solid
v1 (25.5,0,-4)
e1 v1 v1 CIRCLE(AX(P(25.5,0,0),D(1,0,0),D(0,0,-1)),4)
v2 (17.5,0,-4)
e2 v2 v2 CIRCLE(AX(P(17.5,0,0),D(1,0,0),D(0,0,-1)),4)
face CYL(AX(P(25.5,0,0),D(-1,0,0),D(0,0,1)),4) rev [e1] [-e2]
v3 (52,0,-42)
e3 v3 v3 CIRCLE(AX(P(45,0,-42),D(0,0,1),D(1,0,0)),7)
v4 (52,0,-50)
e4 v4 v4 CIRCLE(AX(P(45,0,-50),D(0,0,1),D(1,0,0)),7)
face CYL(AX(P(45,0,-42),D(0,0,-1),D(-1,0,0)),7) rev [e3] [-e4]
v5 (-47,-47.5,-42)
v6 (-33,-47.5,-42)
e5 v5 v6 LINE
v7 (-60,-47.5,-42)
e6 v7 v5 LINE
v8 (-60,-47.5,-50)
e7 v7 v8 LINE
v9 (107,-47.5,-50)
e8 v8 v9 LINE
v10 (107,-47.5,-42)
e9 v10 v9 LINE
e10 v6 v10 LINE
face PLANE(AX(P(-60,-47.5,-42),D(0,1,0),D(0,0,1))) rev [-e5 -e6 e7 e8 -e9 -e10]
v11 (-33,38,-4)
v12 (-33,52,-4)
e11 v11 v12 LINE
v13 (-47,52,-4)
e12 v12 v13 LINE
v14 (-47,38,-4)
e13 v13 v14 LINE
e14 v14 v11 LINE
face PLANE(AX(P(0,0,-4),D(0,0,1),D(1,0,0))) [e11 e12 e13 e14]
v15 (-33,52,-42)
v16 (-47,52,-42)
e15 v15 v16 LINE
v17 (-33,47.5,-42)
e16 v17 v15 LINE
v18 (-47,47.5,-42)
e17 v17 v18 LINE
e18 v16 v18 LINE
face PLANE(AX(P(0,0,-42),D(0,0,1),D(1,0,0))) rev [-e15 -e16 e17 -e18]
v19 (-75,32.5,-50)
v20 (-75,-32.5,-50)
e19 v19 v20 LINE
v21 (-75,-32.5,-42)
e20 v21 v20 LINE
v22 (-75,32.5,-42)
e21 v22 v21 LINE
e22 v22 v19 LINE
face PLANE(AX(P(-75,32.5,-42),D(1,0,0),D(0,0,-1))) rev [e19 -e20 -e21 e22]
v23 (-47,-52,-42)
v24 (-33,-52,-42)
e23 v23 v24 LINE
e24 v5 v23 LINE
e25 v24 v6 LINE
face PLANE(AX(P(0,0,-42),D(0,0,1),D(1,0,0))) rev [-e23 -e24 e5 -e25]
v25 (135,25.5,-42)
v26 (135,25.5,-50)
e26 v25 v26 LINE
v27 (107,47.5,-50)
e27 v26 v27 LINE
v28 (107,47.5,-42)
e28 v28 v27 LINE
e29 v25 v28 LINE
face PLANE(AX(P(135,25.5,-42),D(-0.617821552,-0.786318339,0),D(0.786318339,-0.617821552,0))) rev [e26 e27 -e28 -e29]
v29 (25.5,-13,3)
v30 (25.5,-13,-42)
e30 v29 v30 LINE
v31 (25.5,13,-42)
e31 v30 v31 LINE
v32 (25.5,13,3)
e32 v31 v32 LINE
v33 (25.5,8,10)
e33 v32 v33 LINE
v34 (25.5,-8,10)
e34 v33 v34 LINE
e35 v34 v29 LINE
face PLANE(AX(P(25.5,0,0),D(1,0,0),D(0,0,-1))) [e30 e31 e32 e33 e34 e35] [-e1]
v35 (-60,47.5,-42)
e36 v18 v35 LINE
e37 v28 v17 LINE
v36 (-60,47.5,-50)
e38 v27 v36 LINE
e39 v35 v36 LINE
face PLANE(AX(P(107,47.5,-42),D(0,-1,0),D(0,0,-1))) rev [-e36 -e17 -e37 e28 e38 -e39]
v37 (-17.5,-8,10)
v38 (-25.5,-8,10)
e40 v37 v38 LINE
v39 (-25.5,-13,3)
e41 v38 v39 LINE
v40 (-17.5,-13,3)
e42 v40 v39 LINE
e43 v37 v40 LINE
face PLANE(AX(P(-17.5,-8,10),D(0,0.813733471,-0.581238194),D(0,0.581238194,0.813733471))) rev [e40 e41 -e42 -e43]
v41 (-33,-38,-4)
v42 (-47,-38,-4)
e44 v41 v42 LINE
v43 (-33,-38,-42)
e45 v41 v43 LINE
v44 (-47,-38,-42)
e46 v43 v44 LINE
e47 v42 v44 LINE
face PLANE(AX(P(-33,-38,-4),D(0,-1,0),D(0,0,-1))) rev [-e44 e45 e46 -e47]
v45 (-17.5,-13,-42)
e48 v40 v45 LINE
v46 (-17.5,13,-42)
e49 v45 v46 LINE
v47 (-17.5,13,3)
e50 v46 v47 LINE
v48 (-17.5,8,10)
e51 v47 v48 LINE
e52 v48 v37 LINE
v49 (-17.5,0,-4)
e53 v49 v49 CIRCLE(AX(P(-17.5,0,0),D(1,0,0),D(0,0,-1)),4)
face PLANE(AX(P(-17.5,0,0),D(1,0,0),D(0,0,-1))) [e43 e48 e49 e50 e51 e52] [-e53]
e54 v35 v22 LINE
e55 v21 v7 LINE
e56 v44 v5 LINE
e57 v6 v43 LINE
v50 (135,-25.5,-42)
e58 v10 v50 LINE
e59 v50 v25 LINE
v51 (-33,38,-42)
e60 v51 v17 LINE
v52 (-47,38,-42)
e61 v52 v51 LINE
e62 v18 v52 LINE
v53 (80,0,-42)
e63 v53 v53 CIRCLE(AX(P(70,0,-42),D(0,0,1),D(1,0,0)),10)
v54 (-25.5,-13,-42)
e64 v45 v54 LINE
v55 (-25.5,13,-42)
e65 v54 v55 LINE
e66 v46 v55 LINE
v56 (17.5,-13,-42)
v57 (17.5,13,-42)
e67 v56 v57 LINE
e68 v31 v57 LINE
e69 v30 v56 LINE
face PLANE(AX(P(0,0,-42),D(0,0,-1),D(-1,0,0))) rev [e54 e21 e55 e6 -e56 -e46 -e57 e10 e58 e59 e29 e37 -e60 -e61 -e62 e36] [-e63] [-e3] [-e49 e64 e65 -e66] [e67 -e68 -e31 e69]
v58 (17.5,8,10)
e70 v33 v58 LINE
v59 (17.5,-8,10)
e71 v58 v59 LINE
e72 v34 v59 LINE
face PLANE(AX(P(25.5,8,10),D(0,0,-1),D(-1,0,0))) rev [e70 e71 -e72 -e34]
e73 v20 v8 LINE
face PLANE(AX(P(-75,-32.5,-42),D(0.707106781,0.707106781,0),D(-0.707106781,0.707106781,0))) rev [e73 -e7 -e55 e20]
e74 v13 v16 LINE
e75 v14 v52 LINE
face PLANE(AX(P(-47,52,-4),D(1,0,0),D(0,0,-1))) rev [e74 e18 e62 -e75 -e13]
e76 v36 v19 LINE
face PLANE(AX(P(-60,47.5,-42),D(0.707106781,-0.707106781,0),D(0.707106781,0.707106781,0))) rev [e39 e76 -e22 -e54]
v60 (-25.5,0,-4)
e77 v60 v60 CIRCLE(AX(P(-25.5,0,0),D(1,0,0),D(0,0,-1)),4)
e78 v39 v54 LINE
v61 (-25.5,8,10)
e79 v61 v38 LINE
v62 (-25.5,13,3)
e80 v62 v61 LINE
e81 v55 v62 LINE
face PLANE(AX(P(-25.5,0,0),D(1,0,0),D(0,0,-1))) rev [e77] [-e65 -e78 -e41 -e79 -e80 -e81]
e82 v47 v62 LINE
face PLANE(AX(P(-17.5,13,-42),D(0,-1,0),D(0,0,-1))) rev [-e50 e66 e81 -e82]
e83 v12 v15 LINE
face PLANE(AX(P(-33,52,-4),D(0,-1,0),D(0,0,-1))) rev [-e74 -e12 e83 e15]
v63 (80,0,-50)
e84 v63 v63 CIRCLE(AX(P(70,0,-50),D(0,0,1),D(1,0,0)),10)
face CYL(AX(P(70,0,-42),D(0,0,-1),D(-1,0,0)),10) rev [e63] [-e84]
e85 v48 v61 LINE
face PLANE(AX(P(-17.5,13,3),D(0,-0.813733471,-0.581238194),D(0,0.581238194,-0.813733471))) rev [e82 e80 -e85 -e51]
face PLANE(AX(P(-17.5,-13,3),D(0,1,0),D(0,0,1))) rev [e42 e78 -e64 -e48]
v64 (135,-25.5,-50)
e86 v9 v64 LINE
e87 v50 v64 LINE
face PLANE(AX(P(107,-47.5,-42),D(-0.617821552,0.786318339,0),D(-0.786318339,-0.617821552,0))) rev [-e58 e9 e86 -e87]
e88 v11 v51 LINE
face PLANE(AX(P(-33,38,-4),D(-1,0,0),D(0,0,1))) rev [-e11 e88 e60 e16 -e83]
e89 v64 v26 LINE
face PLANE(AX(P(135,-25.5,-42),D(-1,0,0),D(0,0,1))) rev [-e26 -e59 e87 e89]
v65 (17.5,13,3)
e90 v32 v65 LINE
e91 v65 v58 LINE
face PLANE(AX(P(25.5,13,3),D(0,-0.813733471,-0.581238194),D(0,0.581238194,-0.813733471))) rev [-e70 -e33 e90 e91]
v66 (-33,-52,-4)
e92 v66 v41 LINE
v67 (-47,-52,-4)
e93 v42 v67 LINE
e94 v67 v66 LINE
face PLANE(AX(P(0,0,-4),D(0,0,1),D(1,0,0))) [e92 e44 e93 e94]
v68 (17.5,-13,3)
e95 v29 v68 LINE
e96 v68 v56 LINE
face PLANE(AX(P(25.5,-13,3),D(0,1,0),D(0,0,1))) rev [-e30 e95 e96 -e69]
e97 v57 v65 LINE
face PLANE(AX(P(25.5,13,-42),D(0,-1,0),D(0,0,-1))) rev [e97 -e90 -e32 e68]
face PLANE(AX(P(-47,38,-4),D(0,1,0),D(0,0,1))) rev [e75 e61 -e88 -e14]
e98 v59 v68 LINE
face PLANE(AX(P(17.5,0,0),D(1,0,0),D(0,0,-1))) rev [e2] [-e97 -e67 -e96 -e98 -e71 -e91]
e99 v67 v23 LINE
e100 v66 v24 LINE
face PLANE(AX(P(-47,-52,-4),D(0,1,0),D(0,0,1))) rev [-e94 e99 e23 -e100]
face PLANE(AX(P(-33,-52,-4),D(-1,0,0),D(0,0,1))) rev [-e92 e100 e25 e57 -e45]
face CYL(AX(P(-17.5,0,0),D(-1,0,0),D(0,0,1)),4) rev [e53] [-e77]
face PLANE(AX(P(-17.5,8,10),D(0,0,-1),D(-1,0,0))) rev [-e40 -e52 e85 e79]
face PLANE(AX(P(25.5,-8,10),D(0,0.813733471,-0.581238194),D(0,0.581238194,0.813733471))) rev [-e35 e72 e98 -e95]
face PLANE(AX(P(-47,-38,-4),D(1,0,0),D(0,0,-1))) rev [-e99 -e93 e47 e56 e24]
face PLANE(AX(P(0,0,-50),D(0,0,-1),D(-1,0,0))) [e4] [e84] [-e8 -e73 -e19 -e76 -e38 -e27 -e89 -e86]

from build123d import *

# Parameters (mm, degrees)
SK_SOLE_PLATE_R    = 10
SK_SOLE_PLATE_R_2  = 7
SOLE_PLATE_DEPTH   = 8
SK_CLEVIS_FRONT_R  = 4
CLEVIS_FRONT_DEPTH = 8
SK_CLEVIS_BACK_R   = 4
CLEVIS_BACK_DEPTH  = 8
SK_POST_LAT_W      = 14
SK_POST_LAT_H      = 14
POST_LAT_DEPTH     = 38
SK_POST_MED_W      = 14
SK_POST_MED_H      = 14
POST_MED_DEPTH     = 38


with BuildPart() as part:
    # SK_Sole_Plate → Sole_Plate (new body)
    with BuildSketch(Plane.XY.offset(-50)):
        Polygon((-60, -47.5), (107, -47.5), (135, -25.5), (135, 25.5), (107, 47.5), (-60, 47.5), (-75, 32.5), (-75, -32.5), align=None)
        with Locations((70, 0)):
            Circle(SK_SOLE_PLATE_R, mode=Mode.SUBTRACT)
        with Locations((45, 0)):
            Circle(SK_SOLE_PLATE_R_2, mode=Mode.SUBTRACT)
    extrude(amount=SOLE_PLATE_DEPTH)

    # SK_Clevis_Front → Clevis_Front (add)
    with BuildSketch(Plane(origin=(17.5, 0, 0), x_dir=(0, 0, -1), z_dir=(1, 0, 0))):
        Polygon((42, -13), (42, 13), (-3, 13), (-10, 8), (-10, -8), (-3, -13), align=None)
        Circle(SK_CLEVIS_FRONT_R, mode=Mode.SUBTRACT)
    extrude(amount=CLEVIS_FRONT_DEPTH)

    # SK_Clevis_Back → Clevis_Back (add)
    with BuildSketch(Plane(origin=(-25.5, 0, 0), x_dir=(0, 0, -1), z_dir=(1, 0, 0))):
        Polygon((42, -13), (42, 13), (-3, 13), (-10, 8), (-10, -8), (-3, -13), align=None)
        Circle(SK_CLEVIS_BACK_R, mode=Mode.SUBTRACT)
    extrude(amount=CLEVIS_BACK_DEPTH)

    # SK_Post_Lat → Post_Lat (add)
    with BuildSketch(Plane.XY.offset(-42)):
        with Locations((-40, 45)):
            Rectangle(SK_POST_LAT_W, SK_POST_LAT_H)
    extrude(amount=POST_LAT_DEPTH)

    # SK_Post_Med → Post_Med (add)
    with BuildSketch(Plane.XY.offset(-42)):
        with Locations((-40, -45)):
            Rectangle(SK_POST_MED_W, SK_POST_MED_H)
    extrude(amount=POST_MED_DEPTH)


solid = part.part
